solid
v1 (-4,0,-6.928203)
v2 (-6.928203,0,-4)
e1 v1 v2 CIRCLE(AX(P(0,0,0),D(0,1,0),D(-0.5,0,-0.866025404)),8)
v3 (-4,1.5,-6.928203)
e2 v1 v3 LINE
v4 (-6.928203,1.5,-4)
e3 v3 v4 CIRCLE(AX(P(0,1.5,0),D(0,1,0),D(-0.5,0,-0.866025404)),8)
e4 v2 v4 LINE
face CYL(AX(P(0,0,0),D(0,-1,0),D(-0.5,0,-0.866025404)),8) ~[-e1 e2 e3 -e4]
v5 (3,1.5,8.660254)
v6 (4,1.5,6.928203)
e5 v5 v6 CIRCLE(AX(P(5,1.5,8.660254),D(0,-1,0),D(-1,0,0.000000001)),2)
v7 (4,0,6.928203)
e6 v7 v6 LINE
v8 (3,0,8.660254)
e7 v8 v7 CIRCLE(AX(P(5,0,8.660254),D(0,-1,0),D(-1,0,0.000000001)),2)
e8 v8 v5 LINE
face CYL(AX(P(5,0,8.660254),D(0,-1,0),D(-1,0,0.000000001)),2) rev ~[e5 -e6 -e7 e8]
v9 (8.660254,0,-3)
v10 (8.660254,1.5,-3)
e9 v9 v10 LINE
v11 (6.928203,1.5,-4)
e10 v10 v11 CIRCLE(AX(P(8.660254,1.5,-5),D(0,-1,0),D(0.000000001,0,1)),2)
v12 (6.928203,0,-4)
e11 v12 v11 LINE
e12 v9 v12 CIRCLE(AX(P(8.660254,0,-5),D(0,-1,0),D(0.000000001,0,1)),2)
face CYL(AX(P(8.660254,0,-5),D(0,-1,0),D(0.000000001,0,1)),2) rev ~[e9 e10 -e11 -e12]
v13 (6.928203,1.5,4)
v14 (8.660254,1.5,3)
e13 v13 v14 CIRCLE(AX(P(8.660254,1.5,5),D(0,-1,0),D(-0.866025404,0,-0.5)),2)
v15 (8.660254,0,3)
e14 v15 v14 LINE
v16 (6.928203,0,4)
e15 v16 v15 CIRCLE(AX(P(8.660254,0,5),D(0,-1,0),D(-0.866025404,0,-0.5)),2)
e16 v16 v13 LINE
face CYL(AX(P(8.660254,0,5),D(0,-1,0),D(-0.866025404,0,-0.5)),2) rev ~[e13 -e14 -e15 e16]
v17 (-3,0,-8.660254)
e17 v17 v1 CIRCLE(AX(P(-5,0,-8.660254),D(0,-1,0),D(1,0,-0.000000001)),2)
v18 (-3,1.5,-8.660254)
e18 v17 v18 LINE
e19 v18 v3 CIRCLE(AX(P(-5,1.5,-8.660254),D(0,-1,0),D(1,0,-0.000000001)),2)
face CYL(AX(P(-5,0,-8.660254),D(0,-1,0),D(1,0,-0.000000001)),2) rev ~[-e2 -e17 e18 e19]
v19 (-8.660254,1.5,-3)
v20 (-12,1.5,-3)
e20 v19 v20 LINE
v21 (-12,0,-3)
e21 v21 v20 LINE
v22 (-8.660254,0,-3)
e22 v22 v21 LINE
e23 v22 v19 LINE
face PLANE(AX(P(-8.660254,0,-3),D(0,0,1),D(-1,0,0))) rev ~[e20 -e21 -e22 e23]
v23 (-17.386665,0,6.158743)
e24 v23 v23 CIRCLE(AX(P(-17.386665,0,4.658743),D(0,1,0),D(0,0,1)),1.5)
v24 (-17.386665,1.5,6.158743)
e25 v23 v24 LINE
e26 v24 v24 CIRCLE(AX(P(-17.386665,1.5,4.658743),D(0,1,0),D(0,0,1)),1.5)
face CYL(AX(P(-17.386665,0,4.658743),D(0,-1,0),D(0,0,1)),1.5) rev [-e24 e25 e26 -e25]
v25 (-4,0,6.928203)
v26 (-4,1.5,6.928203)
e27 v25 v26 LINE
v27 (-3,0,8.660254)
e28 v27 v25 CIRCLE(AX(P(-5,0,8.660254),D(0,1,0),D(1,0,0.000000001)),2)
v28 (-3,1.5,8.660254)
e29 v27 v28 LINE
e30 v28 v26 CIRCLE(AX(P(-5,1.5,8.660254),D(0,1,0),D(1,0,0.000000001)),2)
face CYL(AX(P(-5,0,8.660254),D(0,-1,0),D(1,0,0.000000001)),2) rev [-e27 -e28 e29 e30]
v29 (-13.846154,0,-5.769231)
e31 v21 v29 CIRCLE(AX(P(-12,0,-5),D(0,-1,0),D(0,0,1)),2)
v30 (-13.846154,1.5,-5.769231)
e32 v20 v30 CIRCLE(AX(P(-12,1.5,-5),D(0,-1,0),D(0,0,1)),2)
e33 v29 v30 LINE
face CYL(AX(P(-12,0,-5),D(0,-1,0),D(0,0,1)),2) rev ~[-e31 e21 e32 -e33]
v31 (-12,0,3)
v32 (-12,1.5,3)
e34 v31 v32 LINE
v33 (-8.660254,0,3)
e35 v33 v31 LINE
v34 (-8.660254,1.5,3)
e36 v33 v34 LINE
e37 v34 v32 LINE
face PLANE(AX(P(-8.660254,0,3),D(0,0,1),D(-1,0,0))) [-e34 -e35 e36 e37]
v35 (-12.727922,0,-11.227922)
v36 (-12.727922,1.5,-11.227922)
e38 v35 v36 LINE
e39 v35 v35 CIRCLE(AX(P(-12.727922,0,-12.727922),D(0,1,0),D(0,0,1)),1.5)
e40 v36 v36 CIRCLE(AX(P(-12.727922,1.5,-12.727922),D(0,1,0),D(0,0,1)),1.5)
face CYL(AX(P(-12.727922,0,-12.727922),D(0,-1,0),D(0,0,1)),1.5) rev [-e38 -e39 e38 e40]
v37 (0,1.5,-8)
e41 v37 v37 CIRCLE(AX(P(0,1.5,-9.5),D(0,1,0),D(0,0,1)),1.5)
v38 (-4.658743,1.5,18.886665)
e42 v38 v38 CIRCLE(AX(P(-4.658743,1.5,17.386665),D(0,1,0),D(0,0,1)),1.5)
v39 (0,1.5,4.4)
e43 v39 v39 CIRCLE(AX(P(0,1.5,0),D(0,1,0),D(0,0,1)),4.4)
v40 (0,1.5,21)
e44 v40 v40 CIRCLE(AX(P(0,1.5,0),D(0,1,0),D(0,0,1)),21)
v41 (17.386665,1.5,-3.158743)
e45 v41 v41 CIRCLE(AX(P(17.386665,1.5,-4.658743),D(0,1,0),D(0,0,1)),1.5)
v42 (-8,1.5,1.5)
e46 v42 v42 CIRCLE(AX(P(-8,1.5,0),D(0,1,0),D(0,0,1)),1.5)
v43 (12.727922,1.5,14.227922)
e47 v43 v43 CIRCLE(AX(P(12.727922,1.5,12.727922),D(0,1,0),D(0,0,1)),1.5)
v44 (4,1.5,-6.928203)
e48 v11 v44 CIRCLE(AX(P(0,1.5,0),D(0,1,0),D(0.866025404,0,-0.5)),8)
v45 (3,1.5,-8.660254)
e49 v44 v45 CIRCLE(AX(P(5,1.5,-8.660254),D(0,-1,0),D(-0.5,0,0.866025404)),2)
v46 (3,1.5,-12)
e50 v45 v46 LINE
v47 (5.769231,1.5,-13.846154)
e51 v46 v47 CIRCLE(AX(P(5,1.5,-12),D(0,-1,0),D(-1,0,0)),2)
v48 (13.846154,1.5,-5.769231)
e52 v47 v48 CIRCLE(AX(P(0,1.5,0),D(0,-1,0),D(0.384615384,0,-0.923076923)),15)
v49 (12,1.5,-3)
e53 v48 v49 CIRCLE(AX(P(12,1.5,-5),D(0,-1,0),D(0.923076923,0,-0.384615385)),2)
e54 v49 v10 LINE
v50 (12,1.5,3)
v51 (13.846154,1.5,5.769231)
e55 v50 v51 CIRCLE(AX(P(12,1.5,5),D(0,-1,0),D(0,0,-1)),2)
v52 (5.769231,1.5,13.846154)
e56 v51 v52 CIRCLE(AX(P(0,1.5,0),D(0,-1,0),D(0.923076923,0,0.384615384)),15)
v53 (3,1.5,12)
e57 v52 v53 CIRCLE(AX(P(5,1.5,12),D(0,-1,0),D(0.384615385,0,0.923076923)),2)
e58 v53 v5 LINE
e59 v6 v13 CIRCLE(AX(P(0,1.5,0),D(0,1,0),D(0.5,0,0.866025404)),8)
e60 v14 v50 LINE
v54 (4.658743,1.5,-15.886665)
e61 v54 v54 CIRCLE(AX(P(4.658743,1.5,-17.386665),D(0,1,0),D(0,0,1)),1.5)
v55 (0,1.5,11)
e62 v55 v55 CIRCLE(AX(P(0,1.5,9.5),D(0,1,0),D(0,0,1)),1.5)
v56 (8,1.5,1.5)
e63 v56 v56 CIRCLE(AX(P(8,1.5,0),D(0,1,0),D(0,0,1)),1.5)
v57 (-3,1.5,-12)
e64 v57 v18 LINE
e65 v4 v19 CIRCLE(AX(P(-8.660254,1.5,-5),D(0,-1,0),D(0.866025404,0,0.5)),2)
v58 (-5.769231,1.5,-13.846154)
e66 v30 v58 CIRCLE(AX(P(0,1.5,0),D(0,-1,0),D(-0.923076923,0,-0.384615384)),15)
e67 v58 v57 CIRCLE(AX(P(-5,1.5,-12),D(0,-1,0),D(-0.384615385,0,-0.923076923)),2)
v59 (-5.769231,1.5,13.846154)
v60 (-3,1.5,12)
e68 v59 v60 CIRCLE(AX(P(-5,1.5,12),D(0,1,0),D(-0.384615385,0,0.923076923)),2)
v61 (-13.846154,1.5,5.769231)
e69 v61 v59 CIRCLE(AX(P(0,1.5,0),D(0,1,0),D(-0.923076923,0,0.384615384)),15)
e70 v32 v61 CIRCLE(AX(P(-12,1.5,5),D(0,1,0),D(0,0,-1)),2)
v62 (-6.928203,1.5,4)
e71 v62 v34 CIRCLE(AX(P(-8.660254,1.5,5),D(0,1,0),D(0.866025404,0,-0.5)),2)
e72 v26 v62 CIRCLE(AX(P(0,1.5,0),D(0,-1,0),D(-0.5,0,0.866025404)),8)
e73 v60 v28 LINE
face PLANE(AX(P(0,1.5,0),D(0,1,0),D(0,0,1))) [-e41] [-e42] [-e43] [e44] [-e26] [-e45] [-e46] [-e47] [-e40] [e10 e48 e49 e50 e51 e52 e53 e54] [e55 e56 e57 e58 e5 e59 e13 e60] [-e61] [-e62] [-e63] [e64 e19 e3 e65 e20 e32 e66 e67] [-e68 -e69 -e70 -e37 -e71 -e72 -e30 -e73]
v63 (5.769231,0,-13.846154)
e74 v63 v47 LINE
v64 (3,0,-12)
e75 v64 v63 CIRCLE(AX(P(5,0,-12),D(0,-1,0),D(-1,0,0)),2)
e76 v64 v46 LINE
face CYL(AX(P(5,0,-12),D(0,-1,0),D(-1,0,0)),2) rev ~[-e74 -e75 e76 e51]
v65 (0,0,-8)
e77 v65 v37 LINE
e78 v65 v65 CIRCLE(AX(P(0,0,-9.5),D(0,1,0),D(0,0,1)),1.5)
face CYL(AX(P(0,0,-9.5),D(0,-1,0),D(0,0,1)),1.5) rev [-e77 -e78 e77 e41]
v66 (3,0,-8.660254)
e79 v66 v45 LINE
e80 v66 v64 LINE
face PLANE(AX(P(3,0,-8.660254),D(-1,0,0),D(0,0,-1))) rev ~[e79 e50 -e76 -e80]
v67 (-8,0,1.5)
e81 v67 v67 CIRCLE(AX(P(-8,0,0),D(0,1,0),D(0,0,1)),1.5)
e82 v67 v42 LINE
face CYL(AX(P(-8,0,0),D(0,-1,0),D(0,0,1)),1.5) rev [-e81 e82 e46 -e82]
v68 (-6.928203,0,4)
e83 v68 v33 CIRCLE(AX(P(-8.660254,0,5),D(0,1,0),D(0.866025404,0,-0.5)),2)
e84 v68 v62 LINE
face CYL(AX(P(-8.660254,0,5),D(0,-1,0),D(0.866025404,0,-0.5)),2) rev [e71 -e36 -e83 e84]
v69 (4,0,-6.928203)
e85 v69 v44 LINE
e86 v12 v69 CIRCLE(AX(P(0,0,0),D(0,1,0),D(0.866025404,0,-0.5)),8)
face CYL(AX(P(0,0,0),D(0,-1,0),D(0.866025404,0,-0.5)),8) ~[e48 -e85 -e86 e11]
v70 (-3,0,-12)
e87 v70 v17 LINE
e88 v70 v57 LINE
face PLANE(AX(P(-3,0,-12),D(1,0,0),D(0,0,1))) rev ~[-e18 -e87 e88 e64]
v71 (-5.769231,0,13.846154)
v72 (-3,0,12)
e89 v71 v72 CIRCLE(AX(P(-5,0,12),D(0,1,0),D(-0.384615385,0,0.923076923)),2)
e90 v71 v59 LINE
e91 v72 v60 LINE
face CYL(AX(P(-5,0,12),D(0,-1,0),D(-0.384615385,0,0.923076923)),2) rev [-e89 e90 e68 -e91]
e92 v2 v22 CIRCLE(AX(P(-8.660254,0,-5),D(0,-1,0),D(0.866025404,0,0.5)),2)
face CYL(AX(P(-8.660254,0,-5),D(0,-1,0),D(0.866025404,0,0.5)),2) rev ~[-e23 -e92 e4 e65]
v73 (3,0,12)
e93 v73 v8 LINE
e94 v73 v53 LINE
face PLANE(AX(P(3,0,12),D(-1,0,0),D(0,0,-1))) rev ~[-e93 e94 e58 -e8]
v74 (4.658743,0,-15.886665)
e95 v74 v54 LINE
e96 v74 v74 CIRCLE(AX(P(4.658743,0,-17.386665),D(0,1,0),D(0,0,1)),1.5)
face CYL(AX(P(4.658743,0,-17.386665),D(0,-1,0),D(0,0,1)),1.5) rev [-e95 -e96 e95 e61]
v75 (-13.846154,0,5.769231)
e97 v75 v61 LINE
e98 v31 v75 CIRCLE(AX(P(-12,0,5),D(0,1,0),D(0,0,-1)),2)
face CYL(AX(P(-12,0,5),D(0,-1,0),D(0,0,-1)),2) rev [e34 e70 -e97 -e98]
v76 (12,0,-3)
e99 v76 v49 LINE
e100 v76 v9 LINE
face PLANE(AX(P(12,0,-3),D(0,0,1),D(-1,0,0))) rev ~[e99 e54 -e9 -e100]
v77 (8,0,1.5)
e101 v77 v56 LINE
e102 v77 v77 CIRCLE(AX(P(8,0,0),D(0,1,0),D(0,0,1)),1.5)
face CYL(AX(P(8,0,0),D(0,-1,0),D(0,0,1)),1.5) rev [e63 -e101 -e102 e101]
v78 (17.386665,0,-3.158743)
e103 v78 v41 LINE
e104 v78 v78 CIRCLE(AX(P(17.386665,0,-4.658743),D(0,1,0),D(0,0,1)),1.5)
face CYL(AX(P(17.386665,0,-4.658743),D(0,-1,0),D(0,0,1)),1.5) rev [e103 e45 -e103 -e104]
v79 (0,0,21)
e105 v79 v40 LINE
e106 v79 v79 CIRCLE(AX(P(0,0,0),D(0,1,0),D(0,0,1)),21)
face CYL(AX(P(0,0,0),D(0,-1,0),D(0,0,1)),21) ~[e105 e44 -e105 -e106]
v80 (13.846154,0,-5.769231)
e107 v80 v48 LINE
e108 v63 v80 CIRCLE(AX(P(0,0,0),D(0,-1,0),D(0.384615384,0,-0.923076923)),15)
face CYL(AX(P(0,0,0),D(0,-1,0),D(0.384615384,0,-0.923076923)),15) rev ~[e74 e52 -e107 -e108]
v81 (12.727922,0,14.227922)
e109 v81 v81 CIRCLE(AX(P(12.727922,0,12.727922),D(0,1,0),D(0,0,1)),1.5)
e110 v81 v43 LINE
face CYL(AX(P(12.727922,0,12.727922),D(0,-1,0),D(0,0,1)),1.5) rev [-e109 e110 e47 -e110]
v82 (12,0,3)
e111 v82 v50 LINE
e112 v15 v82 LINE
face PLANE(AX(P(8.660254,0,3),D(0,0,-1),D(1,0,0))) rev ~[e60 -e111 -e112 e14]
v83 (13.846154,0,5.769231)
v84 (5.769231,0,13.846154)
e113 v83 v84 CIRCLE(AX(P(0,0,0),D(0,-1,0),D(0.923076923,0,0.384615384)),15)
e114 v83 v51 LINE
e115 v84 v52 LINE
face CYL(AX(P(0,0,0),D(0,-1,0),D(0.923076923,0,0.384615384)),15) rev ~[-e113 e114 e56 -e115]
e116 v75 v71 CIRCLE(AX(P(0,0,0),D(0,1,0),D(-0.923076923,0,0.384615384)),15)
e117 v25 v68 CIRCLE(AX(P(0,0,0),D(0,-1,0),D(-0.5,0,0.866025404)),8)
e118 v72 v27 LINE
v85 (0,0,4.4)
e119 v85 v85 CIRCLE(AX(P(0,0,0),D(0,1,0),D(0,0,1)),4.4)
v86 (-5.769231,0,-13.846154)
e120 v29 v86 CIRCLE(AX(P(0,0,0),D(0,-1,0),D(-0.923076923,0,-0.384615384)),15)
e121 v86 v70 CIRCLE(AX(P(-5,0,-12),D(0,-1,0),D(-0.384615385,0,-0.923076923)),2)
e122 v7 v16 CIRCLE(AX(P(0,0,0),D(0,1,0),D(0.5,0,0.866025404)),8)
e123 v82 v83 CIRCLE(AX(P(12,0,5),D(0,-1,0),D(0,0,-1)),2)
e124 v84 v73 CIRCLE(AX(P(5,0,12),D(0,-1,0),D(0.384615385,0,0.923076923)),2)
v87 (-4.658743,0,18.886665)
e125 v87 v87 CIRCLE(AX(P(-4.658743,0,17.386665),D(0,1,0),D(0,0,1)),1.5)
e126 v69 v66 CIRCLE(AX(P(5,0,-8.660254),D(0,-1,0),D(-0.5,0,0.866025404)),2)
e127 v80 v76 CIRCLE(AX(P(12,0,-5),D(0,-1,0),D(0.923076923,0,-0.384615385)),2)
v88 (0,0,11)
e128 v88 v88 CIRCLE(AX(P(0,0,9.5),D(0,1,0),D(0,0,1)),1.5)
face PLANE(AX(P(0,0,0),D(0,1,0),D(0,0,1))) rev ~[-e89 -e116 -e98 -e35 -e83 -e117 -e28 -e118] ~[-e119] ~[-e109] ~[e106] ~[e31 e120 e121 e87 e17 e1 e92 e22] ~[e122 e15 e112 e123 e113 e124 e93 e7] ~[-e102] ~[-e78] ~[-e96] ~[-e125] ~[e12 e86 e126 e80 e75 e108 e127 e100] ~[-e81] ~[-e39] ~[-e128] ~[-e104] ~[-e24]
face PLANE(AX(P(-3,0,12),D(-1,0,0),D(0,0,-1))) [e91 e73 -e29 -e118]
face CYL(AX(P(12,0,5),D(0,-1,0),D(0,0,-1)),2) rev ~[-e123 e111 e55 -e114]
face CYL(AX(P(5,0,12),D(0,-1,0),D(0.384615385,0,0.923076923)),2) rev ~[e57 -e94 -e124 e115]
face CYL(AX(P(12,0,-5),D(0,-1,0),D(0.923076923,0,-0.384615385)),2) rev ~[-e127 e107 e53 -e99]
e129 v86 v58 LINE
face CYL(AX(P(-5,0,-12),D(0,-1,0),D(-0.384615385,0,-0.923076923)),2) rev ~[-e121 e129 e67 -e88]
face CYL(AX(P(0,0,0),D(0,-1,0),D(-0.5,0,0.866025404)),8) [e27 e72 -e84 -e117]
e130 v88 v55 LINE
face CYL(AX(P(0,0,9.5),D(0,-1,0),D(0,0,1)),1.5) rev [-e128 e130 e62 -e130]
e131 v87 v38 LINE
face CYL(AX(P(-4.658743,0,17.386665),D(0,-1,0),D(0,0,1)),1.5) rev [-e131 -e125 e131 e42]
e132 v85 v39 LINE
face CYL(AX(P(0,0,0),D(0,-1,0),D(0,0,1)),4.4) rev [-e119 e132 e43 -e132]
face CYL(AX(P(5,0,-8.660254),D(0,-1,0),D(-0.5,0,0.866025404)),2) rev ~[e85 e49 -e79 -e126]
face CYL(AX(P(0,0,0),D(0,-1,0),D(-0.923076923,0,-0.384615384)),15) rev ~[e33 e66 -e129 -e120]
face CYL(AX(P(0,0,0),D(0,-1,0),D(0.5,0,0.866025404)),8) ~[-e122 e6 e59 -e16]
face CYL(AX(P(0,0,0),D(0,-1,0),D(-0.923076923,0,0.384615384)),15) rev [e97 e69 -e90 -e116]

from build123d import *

# Parameters (mm, degrees)
SKETCH1_R           = 21
SKETCH1_R_2         = 1.5
SKETCH1_R_3         = 4.4
BOSS_EXTRUDE1_DEPTH = 1.5


with BuildPart() as part:
    # Sketch1 → Boss-Extrude1 (new body)
    with BuildSketch(Plane(origin=(0, 0, 0), x_dir=(1, 0, 0), z_dir=(0, 1, 0))):
        with Locations(Location((0, 0, 0), (0, 0, 270))):
            Circle(SKETCH1_R)
        with Locations(Location((-8, 0, 0), (0, 0, 270))):
            Circle(SKETCH1_R_2, mode=Mode.SUBTRACT)
        with Locations(Location((8, 0, 0), (0, 0, 270))):
            Circle(SKETCH1_R_2, mode=Mode.SUBTRACT)
        with Locations(Location((0, 9.5, 0), (0, 0, 270))):
            Circle(SKETCH1_R_2, mode=Mode.SUBTRACT)
        with Locations(Location((0, -9.5, 0), (0, 0, 270))):
            Circle(SKETCH1_R_2, mode=Mode.SUBTRACT)
        with Locations(Location((-12.727922061, 12.727922061, 0), (0, 0, 270))):
            Circle(SKETCH1_R_2, mode=Mode.SUBTRACT)
        with Locations(Location((4.658742812, 17.386664873, 0), (0, 0, 270))):
            Circle(SKETCH1_R_2, mode=Mode.SUBTRACT)
        with Locations(Location((17.386664873, 4.658742812, 0), (0, 0, 270))):
            Circle(SKETCH1_R_2, mode=Mode.SUBTRACT)
        with Locations(Location((12.727922061, -12.727922061, 0), (0, 0, 270))):
            Circle(SKETCH1_R_2, mode=Mode.SUBTRACT)
        with Locations(Location((-4.658742812, -17.386664873, 0), (0, 0, 270))):
            Circle(SKETCH1_R_2, mode=Mode.SUBTRACT)
        with Locations(Location((0, 0, 0), (0, 0, 270))):
            Circle(SKETCH1_R_3, mode=Mode.SUBTRACT)
        with Locations(Location((-17.386664873, -4.658742812, 0), (0, 0, 270))):
            Circle(SKETCH1_R_2, mode=Mode.SUBTRACT)
        with BuildLine():
            Line((-8.660254038, 3), (-12, 3))
            ThreePointArc((-12, 3), (-13.664100589, 3.890599608), (-13.846153846, 5.769230769))
            ThreePointArc((-13.846153846, 5.769230769), (-10.606601718, 10.606601718), (-5.769230769, 13.846153846))
            ThreePointArc((-5.769230769, 13.846153846), (-3.890599608, 13.664100589), (-3, 12))
            Line((-3, 12), (-3, 8.660254038))
            ThreePointArc((-3, 8.660254038), (-3.267949192, 7.660254038), (-4, 6.92820323))
            ThreePointArc((-4, 6.92820323), (-5.656854249, 5.656854249), (-6.92820323, 4))
            ThreePointArc((-6.92820323, 4), (-7.660254038, 3.267949192), (-8.660254038, 3))
        make_face(mode=Mode.SUBTRACT)
        with BuildLine():
            Line((-8.660254038, -3), (-12, -3))
            ThreePointArc((-12, -3), (-13.664100589, -3.890599608), (-13.846153846, -5.769230769))
            ThreePointArc((-13.846153846, -5.769230769), (-10.606601718, -10.606601718), (-5.769230769, -13.846153846))
            ThreePointArc((-5.769230769, -13.846153846), (-3.890599608, -13.664100589), (-3, -12))
            Line((-3, -12), (-3, -8.660254038))
            ThreePointArc((-3, -8.660254038), (-3.267949192, -7.660254038), (-4, -6.92820323))
            ThreePointArc((-4, -6.92820323), (-5.656854249, -5.656854249), (-6.92820323, -4))
            ThreePointArc((-6.92820323, -4), (-7.660254038, -3.267949192), (-8.660254038, -3))
        make_face(mode=Mode.SUBTRACT)
        with BuildLine():
            Line((3, 8.660254038), (3, 12))
            ThreePointArc((3, 12), (3.890599608, 13.664100589), (5.769230769, 13.846153846))
            ThreePointArc((5.769230769, 13.846153846), (10.606601718, 10.606601718), (13.846153846, 5.769230769))
            ThreePointArc((13.846153846, 5.769230769), (13.664100589, 3.890599608), (12, 3))
            Line((12, 3), (8.660254038, 3))
            ThreePointArc((8.660254038, 3), (7.660254038, 3.267949192), (6.92820323, 4))
            ThreePointArc((6.92820323, 4), (5.656854249, 5.656854249), (4, 6.92820323))
            ThreePointArc((4, 6.92820323), (3.267949192, 7.660254038), (3, 8.660254038))
        make_face(mode=Mode.SUBTRACT)
        with BuildLine():
            Line((8.660254038, -3), (12, -3))
            ThreePointArc((12, -3), (13.664100589, -3.890599608), (13.846153846, -5.769230769))
            ThreePointArc((13.846153846, -5.769230769), (10.606601718, -10.606601718), (5.769230769, -13.846153846))
            ThreePointArc((5.769230769, -13.846153846), (3.890599608, -13.664100589), (3, -12))
            Line((3, -12), (3, -8.660254038))
            ThreePointArc((3, -8.660254038), (3.267949192, -7.660254038), (4, -6.92820323))
            ThreePointArc((4, -6.92820323), (5.656854249, -5.656854249), (6.92820323, -4))
            ThreePointArc((6.92820323, -4), (7.660254038, -3.267949192), (8.660254038, -3))
        make_face(mode=Mode.SUBTRACT)
    extrude(amount=BOSS_EXTRUDE1_DEPTH)


solid = part.part
